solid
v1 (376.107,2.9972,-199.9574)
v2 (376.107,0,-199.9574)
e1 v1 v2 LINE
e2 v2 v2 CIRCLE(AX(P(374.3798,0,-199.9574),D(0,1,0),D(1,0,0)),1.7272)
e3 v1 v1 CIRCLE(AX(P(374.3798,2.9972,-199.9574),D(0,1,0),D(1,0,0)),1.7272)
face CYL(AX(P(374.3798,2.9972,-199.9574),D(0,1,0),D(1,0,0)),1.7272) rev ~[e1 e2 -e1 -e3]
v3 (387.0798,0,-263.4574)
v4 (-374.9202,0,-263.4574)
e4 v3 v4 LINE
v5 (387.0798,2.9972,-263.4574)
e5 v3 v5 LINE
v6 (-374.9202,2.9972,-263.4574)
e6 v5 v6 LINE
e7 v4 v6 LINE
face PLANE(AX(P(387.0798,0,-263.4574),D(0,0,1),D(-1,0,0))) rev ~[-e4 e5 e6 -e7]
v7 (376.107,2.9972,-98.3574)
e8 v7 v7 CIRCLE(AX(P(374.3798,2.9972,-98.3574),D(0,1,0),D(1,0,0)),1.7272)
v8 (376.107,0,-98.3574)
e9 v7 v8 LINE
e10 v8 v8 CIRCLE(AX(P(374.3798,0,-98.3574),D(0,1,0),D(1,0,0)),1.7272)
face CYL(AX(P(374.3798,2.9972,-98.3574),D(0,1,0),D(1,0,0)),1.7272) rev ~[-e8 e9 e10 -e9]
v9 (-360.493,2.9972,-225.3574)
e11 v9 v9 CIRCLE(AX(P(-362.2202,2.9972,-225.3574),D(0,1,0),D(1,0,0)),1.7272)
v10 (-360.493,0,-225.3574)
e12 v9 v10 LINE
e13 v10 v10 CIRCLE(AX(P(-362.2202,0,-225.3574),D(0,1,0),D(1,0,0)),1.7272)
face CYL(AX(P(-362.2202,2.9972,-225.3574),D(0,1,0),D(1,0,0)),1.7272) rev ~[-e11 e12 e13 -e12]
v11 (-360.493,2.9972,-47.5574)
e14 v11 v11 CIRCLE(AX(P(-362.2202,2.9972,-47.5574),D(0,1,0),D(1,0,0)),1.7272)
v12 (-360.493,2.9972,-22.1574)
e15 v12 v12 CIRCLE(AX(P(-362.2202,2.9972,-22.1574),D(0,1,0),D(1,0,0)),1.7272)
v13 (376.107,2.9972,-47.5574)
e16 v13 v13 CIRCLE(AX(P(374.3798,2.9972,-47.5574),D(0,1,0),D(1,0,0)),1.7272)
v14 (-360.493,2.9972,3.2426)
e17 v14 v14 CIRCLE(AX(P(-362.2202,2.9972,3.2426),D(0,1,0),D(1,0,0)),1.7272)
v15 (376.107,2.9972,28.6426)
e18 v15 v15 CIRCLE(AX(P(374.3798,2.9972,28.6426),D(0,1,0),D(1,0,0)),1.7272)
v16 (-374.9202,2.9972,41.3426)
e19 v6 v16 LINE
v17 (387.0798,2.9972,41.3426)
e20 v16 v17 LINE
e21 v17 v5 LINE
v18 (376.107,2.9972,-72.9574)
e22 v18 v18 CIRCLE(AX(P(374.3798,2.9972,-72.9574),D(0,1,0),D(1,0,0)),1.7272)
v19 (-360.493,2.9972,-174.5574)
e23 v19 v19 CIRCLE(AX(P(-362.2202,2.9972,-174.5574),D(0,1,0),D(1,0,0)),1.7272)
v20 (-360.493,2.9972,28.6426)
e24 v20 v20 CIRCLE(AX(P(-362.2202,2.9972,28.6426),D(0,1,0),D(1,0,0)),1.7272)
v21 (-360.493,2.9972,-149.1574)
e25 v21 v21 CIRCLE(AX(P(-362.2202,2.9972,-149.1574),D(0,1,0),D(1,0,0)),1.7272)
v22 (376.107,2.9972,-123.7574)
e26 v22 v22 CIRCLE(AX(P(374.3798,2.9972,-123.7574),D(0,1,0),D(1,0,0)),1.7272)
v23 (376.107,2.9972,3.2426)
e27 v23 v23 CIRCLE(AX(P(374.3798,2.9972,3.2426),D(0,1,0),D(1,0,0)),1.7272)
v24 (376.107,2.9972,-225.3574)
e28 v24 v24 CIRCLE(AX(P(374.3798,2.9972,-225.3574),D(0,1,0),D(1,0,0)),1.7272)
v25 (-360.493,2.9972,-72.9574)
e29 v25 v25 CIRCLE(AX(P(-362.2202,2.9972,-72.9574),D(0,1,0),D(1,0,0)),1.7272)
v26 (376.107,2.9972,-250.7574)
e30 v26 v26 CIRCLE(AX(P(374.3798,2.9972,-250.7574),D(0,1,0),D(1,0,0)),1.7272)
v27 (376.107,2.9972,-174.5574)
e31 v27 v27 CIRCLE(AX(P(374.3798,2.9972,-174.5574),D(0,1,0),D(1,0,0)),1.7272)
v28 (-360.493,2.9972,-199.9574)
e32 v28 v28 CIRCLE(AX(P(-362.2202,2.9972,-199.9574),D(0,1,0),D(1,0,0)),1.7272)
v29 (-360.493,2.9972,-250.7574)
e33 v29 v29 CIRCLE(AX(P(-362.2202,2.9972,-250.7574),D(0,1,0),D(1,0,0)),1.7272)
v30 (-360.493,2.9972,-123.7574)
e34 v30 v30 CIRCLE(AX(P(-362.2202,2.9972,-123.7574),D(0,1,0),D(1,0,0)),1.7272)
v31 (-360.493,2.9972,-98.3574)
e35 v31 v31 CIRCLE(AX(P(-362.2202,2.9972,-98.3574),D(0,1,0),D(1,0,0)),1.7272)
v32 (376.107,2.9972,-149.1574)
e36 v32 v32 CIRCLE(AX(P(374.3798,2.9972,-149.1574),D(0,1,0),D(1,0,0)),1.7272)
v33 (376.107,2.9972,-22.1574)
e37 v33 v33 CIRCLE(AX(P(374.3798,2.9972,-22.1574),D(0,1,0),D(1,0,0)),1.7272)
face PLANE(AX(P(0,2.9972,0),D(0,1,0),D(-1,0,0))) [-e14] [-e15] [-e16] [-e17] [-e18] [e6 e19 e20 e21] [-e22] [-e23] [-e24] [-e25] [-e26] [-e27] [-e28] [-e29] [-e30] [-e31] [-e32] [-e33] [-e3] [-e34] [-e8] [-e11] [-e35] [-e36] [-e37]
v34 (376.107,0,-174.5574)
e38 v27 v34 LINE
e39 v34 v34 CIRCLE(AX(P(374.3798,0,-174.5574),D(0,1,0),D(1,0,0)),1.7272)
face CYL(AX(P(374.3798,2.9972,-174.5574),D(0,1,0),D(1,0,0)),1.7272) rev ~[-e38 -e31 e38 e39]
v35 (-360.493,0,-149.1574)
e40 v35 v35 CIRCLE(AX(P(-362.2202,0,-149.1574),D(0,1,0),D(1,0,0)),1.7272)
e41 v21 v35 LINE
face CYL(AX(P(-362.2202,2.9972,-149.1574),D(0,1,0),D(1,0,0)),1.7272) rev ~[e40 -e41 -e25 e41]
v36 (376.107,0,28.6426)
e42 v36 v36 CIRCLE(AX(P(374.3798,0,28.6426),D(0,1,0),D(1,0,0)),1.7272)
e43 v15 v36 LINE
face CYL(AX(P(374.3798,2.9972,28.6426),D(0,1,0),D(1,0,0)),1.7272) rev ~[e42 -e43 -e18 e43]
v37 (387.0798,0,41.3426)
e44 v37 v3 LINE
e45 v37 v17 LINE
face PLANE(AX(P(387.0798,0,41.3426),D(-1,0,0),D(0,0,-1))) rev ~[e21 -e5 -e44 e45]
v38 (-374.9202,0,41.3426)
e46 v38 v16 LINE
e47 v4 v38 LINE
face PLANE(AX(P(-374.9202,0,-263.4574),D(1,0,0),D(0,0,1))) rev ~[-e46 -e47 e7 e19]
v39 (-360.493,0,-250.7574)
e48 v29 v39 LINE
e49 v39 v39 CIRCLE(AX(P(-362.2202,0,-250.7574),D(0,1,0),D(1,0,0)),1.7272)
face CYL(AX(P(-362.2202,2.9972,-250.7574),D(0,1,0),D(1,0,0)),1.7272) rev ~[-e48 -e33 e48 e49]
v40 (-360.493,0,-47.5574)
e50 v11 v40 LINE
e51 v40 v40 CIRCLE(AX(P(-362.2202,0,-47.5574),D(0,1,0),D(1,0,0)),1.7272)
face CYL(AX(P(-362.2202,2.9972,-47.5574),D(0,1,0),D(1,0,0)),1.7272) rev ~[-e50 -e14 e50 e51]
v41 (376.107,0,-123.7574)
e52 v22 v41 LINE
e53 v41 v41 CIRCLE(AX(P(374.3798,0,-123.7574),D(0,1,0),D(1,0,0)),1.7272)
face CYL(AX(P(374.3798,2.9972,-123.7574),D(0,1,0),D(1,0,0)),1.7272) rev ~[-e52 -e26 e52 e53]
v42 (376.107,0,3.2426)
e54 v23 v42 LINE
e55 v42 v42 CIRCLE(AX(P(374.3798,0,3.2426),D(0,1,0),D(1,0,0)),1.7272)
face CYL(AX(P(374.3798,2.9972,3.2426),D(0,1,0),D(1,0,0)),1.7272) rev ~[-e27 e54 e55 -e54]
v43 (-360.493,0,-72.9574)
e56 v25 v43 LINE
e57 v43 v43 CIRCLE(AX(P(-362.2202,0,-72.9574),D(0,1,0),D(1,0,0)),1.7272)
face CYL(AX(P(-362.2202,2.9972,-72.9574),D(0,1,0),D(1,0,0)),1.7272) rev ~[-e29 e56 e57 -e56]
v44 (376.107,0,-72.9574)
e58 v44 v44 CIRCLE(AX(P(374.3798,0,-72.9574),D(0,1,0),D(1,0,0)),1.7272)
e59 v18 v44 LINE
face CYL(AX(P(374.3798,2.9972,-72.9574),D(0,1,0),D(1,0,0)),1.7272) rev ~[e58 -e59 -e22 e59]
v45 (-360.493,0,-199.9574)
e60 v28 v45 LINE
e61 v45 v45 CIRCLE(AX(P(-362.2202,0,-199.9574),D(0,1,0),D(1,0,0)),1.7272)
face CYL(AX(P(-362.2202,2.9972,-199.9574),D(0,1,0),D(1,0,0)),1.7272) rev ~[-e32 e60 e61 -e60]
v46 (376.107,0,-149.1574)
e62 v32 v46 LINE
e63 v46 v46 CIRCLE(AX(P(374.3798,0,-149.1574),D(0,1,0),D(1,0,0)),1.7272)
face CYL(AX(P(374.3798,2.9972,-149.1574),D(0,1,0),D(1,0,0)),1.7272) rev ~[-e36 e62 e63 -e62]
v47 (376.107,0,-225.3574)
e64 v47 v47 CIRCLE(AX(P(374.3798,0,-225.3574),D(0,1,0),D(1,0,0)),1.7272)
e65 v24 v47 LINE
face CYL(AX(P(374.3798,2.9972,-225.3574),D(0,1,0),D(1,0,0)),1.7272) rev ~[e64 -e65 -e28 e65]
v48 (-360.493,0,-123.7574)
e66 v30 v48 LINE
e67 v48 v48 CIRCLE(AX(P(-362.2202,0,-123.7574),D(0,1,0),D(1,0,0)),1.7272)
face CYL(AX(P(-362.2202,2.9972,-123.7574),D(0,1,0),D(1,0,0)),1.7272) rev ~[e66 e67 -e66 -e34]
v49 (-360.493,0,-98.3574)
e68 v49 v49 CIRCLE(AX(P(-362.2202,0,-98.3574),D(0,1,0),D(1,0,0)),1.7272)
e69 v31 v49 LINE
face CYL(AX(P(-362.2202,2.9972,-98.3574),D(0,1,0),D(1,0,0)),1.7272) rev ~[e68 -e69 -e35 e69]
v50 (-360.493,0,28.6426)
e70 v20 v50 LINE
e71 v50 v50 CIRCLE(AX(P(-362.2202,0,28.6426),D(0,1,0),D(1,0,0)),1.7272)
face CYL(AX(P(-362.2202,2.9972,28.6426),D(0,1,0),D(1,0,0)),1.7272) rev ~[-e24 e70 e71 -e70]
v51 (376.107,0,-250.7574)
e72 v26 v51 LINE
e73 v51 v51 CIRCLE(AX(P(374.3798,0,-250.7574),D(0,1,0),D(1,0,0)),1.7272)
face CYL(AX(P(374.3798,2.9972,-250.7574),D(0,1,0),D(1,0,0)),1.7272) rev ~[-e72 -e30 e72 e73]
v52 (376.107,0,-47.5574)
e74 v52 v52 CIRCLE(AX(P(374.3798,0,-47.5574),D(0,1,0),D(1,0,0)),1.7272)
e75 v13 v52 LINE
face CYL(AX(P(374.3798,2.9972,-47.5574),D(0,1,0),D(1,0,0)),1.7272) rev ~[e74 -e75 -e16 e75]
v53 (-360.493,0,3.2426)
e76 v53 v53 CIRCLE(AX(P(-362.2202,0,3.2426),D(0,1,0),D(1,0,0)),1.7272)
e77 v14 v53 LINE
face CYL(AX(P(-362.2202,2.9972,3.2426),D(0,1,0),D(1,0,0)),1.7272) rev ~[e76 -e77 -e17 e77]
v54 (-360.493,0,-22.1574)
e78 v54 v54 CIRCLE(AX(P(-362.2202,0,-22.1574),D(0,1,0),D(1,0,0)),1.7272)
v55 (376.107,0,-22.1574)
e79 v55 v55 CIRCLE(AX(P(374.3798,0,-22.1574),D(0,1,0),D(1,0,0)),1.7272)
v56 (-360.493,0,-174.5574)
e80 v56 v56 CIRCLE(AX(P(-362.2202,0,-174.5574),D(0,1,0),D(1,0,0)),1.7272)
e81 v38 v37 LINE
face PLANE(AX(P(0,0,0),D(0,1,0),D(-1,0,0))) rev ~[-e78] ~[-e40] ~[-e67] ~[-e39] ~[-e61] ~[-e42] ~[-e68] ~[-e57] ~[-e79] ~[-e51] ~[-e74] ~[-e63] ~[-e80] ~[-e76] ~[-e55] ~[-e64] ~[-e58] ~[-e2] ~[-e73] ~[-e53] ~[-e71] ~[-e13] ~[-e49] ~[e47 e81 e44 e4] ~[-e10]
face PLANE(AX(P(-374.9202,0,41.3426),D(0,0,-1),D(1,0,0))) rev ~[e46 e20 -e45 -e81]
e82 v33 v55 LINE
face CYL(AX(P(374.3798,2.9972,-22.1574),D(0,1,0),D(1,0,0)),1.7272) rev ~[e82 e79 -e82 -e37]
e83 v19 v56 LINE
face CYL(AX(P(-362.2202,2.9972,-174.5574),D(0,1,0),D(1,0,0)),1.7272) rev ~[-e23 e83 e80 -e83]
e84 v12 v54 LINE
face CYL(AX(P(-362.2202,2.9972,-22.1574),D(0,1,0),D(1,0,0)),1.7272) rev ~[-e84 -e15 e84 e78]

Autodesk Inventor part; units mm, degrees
ref_plane "YZ Plane" through (0, 0, 0) normal (1, 0, 0) x (0, 1, 0)
ref_plane "XZ Plane" through (0, 0, 0) normal (0, 1, 0) x (-1, 0, 0)
ref_plane "XY Plane" through (0, 0, 0) normal (0, 0, 1) x (1, 0, 0)
sketch "Sketch1" plane through (0, 0, 0) normal (0, 1, 0) x (-1, 0, 0)
  line L0 (374.9202, 41.3426) -> (-387.0798, 41.3426)
  line L1 (-387.0798, 41.3426) -> (-387.0798, -263.4574)
  line L2 (-387.0798, -263.4574) -> (374.9202, -263.4574)
  line L3 (374.9202, -263.4574) -> (374.9202, 41.3426)
  point P0 (0, 0)
  dimension "d0" = 304.8
  dimension "d1" = 762
extrude "Extrusion1" add sketch "Sketch1" along normal blind 2.9972
sketch "Sketch2" plane through (0, 2.9972, 0) normal (0, 1, 0) x (1, 0, 0)
  circle A0 centre (-362.2202, -28.6426) radius 1.7272
  line L0 (-374.9202, 263.4574) -> (-374.9202, -41.3426) projected
  line L1 (-374.9202, -41.3426) -> (387.0798, -41.3426) projected
  point P0 (0, 0)
  dimension "d4" = 3.4544
  dimension "d5" = 12.7
  dimension "d6" = 12.7
extrude "Extrusion2" cut sketch "Sketch2" against normal through all
pattern_linear "Rectangular Pattern1" count 12 spacing 25.4 along (0, 0, -1) count 2 spacing 736.6 along (1, 0, 0) of "Extrusion2"
properties part number "12x30 Lexan" material "Polycarbonate, Clear"
